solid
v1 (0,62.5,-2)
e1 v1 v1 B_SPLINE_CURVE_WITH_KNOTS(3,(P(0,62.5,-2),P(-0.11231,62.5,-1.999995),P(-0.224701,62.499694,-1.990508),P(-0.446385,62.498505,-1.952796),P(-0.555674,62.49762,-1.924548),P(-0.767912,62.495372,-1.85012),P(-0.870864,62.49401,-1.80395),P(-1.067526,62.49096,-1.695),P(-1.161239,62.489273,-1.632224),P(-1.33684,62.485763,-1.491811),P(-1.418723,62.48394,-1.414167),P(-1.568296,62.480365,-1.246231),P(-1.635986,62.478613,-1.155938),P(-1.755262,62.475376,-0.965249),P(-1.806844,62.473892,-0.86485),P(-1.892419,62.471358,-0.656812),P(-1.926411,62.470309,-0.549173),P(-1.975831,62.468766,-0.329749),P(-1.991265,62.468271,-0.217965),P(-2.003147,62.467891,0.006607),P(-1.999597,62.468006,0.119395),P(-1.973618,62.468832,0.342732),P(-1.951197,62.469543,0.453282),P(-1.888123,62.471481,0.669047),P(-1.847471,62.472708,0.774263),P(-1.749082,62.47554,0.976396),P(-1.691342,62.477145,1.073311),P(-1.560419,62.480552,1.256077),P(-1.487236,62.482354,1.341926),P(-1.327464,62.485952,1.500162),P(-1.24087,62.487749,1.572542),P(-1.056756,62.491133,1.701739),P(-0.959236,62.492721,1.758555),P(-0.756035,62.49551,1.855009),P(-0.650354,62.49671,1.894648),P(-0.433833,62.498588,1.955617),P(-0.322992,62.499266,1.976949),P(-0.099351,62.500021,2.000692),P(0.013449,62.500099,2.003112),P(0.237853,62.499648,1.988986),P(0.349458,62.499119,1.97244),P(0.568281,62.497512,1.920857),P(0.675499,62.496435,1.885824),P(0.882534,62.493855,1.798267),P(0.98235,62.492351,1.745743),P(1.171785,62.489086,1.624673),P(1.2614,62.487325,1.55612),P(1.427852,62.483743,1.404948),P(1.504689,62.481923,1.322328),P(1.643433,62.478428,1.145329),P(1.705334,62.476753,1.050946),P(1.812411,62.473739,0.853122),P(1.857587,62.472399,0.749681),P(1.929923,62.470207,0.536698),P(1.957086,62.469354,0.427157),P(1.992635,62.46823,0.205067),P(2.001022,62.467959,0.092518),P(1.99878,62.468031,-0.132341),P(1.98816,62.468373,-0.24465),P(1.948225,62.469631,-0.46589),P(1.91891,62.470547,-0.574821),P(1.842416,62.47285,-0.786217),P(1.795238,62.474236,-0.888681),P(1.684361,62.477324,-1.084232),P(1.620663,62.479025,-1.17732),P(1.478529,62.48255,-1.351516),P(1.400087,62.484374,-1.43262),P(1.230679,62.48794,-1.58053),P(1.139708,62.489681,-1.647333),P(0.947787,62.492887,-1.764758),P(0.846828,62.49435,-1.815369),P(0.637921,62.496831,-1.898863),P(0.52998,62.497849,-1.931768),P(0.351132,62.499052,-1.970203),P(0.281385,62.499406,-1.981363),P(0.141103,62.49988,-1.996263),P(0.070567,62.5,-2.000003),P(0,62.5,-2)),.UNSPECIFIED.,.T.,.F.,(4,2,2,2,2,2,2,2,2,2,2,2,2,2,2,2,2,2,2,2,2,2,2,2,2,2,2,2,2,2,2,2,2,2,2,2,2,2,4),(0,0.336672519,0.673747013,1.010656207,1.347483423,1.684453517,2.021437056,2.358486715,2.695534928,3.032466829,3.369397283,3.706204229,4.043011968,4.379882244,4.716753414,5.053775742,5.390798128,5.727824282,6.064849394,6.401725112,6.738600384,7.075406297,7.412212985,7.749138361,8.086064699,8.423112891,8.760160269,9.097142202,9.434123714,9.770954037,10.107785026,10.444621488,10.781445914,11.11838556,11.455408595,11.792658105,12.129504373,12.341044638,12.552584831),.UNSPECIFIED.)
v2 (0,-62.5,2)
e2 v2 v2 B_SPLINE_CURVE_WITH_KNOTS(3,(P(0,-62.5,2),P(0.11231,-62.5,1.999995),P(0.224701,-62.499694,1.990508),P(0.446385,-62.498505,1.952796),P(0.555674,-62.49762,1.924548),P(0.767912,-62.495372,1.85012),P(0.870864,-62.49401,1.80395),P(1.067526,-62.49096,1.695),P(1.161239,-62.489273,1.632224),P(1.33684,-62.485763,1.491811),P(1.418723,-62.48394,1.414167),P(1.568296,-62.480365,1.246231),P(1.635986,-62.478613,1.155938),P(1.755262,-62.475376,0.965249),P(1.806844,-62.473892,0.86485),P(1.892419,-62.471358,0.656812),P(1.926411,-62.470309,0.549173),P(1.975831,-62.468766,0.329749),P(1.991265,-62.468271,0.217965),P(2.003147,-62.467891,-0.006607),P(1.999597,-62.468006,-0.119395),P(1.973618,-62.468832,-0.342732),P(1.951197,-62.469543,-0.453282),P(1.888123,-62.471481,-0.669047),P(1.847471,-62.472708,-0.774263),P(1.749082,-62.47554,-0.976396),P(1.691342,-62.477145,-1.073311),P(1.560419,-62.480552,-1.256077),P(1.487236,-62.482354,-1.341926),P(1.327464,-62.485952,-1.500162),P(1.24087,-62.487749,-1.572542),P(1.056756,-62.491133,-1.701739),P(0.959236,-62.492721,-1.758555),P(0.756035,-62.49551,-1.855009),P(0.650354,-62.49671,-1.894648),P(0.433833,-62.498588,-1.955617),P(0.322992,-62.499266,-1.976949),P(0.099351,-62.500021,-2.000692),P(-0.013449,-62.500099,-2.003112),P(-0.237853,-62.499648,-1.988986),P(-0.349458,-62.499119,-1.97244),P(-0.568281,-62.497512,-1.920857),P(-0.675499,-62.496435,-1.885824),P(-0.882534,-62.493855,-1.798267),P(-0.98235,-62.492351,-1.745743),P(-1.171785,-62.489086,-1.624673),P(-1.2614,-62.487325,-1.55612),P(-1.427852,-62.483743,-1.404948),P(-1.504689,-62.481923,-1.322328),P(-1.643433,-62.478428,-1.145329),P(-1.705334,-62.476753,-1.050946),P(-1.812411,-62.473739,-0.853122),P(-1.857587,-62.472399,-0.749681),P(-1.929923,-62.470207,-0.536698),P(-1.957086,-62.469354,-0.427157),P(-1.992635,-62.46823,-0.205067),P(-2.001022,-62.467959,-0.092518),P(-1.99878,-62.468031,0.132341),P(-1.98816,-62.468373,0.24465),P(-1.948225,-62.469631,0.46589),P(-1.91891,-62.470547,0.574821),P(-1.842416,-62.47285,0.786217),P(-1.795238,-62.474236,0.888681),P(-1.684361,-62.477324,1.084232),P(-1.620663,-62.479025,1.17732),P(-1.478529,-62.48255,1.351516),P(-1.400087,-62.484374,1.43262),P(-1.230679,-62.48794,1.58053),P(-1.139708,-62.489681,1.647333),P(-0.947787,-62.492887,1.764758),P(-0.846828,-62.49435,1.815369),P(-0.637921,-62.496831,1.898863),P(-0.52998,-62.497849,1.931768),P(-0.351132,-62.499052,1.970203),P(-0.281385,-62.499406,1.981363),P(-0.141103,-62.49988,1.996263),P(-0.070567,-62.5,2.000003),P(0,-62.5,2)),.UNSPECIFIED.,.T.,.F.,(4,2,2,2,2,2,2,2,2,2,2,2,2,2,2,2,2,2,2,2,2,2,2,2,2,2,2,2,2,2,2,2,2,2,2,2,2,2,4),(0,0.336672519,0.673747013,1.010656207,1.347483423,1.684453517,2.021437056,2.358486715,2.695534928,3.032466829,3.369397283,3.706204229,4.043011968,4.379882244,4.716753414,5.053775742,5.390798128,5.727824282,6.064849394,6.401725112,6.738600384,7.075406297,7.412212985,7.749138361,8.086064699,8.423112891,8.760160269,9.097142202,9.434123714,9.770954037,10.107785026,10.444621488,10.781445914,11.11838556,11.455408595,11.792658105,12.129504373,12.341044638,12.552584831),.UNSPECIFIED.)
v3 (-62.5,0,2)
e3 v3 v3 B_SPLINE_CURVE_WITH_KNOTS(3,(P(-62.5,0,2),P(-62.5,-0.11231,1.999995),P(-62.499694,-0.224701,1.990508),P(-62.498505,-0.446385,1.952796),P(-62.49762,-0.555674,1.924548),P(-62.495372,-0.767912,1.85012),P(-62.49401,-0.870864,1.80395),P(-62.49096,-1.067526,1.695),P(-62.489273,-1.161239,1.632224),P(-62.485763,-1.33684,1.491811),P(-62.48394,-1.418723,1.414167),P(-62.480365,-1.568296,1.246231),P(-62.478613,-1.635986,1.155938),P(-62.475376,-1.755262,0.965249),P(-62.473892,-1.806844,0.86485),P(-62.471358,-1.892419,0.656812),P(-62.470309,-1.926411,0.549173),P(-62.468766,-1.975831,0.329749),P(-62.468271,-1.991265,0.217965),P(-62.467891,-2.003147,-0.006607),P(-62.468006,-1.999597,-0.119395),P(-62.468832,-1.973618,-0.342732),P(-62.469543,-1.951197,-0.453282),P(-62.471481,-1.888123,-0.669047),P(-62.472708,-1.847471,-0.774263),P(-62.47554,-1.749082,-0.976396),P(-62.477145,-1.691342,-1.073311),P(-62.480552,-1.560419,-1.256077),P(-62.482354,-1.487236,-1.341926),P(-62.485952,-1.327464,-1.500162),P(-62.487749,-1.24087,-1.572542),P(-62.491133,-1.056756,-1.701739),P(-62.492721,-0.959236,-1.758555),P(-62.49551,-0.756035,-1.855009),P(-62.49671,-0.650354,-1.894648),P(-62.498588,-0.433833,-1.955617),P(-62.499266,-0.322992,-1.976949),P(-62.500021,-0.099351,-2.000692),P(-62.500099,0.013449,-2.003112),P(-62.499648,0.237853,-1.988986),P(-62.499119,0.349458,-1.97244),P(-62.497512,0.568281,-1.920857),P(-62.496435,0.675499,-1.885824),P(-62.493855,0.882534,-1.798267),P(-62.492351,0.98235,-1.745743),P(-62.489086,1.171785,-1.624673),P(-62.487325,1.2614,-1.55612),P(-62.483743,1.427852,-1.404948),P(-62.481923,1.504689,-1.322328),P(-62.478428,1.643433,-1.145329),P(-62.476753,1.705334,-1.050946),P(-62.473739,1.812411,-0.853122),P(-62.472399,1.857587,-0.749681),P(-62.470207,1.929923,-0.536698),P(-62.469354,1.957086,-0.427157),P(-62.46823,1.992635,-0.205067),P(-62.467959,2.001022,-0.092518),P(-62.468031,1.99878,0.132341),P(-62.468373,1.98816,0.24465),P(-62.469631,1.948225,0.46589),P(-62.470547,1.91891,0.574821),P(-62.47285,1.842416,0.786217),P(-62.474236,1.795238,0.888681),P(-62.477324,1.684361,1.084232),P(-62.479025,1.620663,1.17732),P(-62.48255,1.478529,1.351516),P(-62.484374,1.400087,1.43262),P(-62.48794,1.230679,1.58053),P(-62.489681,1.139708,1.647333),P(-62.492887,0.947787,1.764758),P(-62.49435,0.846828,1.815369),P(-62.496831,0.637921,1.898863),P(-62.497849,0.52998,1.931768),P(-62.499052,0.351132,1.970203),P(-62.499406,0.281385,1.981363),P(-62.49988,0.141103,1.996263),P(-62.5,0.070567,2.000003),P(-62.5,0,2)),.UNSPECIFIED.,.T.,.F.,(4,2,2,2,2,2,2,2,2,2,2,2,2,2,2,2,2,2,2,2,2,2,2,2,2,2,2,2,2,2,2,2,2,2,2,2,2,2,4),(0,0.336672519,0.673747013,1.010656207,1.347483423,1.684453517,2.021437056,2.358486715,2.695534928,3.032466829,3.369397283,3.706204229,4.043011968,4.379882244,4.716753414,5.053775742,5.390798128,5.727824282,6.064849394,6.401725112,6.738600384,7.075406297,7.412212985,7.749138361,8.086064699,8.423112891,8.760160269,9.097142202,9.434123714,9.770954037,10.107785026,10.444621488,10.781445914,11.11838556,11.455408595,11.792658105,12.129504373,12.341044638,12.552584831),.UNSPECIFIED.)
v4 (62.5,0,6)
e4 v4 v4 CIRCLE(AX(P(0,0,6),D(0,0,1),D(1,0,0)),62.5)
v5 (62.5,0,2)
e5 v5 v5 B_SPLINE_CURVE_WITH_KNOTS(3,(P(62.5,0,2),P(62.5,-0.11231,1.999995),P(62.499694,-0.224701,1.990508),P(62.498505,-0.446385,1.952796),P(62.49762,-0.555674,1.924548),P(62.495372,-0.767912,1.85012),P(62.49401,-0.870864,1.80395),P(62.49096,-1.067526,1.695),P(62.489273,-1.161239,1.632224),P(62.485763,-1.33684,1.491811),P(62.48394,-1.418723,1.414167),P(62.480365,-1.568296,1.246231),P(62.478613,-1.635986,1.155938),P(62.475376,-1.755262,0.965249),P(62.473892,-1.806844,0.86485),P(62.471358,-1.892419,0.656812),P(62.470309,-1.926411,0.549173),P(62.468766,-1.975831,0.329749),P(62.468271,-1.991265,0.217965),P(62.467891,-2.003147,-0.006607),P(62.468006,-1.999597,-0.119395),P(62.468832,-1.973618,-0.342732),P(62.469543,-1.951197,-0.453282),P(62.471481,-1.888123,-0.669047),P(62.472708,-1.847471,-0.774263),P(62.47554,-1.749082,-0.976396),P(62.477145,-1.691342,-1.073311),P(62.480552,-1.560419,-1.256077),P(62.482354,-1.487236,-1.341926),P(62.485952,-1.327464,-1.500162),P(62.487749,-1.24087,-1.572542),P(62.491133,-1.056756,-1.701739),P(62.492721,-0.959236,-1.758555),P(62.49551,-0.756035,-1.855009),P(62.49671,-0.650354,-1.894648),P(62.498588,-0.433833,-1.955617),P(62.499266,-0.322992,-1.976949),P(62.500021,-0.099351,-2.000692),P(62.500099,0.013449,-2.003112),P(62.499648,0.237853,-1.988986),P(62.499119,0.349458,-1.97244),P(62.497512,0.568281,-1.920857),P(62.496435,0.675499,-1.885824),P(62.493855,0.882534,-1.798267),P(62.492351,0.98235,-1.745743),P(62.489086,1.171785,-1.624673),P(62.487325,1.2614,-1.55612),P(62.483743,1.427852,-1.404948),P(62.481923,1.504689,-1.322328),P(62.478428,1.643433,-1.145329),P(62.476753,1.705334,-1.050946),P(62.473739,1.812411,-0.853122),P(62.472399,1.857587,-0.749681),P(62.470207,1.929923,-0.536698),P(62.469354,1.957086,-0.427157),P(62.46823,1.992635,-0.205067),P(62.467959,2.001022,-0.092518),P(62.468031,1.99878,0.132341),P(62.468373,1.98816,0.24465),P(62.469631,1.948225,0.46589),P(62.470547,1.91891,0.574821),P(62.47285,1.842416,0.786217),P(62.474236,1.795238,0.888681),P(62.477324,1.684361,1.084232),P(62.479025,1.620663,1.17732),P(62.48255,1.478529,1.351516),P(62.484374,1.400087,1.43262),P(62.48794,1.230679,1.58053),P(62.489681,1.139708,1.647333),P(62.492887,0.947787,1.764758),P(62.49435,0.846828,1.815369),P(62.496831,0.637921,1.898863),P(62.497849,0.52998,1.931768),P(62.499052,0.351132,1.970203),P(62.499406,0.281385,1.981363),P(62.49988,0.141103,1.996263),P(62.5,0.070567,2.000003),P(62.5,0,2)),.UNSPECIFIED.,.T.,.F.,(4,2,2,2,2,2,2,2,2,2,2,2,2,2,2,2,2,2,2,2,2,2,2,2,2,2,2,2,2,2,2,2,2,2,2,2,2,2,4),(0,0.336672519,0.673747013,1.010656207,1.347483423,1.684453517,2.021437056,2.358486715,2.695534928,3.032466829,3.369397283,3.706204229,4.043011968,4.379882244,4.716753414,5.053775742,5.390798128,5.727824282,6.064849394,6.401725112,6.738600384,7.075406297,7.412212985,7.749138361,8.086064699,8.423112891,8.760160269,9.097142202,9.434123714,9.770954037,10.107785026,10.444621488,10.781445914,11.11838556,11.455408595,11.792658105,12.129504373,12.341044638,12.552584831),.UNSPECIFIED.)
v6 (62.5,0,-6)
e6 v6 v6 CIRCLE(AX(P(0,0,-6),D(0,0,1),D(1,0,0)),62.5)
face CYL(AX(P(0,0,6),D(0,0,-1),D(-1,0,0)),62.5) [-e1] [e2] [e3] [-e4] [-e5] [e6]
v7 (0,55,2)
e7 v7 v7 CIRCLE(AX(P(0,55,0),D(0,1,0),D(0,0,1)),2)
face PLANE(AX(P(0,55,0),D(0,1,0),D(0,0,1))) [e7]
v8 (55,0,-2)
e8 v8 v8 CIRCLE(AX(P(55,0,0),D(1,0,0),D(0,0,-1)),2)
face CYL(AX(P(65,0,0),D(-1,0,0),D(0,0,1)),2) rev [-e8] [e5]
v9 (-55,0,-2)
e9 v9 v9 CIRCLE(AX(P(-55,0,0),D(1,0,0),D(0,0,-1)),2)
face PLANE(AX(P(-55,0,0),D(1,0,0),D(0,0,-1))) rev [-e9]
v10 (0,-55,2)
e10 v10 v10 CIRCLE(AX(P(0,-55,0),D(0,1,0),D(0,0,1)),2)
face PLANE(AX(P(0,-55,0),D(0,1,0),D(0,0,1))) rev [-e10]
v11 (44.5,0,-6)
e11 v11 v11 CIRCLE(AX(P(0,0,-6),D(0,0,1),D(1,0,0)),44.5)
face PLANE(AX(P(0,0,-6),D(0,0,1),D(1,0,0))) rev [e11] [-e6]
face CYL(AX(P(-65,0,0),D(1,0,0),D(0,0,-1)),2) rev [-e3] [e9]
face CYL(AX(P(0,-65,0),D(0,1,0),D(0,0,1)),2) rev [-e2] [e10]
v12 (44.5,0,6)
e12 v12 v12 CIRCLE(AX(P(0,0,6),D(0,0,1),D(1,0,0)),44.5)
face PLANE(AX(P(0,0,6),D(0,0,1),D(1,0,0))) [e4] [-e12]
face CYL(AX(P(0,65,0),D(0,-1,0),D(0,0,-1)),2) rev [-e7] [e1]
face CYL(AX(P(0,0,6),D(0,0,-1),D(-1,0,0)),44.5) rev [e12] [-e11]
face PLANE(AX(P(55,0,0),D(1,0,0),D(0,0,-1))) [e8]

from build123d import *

# Parameters (mm, degrees)
SKETCH1_R           = 62.5
SKETCH1_R_2         = 44.5
BOSS_EXTRUDE1_DEPTH = 6
CUT_EXTRUDE1_START  = 55
SKETCH2_R           = 2
CUT_EXTRUDE1_DEPTH  = 10
CUT_EXTRUDE2_START  = -65
SKETCH2_2_R         = 2
CUT_EXTRUDE2_DEPTH  = 10
CUT_EXTRUDE3_START  = 55
SKETCH3_R           = 2
CUT_EXTRUDE3_DEPTH  = 10
CUT_EXTRUDE4_START  = -65
SKETCH3_2_R         = 2
CUT_EXTRUDE4_DEPTH  = 10


with BuildPart() as part:
    # Sketch1 → Boss-Extrude1 (new, symmetric)
    with BuildSketch(Plane.XY):
        Circle(SKETCH1_R)
        Circle(SKETCH1_R_2, mode=Mode.SUBTRACT)
    extrude(amount=BOSS_EXTRUDE1_DEPTH, both=True)

    # Sketch2 → Cut-Extrude1 (cut)
    with BuildSketch(Plane(origin=(0, 0, 0), x_dir=(1, 0, 0), z_dir=(0, 1, 0)).offset(CUT_EXTRUDE1_START)):
        Circle(SKETCH2_R)
    extrude(amount=CUT_EXTRUDE1_DEPTH, mode=Mode.SUBTRACT)

    # Sketch2<2> → Cut-Extrude2 (cut)
    with BuildSketch(Plane(origin=(0, 0, 0), x_dir=(1, 0, 0), z_dir=(0, 1, 0)).offset(CUT_EXTRUDE2_START)):
        Circle(SKETCH2_2_R)
    extrude(amount=CUT_EXTRUDE2_DEPTH, mode=Mode.SUBTRACT)

    # Sketch3 → Cut-Extrude3 (cut)
    with BuildSketch(Plane(origin=(0, 0, 0), x_dir=(0, 0, -1), z_dir=(1, 0, 0)).offset(CUT_EXTRUDE3_START)):
        Circle(SKETCH3_R)
    extrude(amount=CUT_EXTRUDE3_DEPTH, mode=Mode.SUBTRACT)

    # Sketch3<2> → Cut-Extrude4 (cut)
    with BuildSketch(Plane(origin=(0, 0, 0), x_dir=(0, 0, -1), z_dir=(1, 0, 0)).offset(CUT_EXTRUDE4_START)):
        Circle(SKETCH3_2_R)
    extrude(amount=CUT_EXTRUDE4_DEPTH, mode=Mode.SUBTRACT)


solid = part.part
